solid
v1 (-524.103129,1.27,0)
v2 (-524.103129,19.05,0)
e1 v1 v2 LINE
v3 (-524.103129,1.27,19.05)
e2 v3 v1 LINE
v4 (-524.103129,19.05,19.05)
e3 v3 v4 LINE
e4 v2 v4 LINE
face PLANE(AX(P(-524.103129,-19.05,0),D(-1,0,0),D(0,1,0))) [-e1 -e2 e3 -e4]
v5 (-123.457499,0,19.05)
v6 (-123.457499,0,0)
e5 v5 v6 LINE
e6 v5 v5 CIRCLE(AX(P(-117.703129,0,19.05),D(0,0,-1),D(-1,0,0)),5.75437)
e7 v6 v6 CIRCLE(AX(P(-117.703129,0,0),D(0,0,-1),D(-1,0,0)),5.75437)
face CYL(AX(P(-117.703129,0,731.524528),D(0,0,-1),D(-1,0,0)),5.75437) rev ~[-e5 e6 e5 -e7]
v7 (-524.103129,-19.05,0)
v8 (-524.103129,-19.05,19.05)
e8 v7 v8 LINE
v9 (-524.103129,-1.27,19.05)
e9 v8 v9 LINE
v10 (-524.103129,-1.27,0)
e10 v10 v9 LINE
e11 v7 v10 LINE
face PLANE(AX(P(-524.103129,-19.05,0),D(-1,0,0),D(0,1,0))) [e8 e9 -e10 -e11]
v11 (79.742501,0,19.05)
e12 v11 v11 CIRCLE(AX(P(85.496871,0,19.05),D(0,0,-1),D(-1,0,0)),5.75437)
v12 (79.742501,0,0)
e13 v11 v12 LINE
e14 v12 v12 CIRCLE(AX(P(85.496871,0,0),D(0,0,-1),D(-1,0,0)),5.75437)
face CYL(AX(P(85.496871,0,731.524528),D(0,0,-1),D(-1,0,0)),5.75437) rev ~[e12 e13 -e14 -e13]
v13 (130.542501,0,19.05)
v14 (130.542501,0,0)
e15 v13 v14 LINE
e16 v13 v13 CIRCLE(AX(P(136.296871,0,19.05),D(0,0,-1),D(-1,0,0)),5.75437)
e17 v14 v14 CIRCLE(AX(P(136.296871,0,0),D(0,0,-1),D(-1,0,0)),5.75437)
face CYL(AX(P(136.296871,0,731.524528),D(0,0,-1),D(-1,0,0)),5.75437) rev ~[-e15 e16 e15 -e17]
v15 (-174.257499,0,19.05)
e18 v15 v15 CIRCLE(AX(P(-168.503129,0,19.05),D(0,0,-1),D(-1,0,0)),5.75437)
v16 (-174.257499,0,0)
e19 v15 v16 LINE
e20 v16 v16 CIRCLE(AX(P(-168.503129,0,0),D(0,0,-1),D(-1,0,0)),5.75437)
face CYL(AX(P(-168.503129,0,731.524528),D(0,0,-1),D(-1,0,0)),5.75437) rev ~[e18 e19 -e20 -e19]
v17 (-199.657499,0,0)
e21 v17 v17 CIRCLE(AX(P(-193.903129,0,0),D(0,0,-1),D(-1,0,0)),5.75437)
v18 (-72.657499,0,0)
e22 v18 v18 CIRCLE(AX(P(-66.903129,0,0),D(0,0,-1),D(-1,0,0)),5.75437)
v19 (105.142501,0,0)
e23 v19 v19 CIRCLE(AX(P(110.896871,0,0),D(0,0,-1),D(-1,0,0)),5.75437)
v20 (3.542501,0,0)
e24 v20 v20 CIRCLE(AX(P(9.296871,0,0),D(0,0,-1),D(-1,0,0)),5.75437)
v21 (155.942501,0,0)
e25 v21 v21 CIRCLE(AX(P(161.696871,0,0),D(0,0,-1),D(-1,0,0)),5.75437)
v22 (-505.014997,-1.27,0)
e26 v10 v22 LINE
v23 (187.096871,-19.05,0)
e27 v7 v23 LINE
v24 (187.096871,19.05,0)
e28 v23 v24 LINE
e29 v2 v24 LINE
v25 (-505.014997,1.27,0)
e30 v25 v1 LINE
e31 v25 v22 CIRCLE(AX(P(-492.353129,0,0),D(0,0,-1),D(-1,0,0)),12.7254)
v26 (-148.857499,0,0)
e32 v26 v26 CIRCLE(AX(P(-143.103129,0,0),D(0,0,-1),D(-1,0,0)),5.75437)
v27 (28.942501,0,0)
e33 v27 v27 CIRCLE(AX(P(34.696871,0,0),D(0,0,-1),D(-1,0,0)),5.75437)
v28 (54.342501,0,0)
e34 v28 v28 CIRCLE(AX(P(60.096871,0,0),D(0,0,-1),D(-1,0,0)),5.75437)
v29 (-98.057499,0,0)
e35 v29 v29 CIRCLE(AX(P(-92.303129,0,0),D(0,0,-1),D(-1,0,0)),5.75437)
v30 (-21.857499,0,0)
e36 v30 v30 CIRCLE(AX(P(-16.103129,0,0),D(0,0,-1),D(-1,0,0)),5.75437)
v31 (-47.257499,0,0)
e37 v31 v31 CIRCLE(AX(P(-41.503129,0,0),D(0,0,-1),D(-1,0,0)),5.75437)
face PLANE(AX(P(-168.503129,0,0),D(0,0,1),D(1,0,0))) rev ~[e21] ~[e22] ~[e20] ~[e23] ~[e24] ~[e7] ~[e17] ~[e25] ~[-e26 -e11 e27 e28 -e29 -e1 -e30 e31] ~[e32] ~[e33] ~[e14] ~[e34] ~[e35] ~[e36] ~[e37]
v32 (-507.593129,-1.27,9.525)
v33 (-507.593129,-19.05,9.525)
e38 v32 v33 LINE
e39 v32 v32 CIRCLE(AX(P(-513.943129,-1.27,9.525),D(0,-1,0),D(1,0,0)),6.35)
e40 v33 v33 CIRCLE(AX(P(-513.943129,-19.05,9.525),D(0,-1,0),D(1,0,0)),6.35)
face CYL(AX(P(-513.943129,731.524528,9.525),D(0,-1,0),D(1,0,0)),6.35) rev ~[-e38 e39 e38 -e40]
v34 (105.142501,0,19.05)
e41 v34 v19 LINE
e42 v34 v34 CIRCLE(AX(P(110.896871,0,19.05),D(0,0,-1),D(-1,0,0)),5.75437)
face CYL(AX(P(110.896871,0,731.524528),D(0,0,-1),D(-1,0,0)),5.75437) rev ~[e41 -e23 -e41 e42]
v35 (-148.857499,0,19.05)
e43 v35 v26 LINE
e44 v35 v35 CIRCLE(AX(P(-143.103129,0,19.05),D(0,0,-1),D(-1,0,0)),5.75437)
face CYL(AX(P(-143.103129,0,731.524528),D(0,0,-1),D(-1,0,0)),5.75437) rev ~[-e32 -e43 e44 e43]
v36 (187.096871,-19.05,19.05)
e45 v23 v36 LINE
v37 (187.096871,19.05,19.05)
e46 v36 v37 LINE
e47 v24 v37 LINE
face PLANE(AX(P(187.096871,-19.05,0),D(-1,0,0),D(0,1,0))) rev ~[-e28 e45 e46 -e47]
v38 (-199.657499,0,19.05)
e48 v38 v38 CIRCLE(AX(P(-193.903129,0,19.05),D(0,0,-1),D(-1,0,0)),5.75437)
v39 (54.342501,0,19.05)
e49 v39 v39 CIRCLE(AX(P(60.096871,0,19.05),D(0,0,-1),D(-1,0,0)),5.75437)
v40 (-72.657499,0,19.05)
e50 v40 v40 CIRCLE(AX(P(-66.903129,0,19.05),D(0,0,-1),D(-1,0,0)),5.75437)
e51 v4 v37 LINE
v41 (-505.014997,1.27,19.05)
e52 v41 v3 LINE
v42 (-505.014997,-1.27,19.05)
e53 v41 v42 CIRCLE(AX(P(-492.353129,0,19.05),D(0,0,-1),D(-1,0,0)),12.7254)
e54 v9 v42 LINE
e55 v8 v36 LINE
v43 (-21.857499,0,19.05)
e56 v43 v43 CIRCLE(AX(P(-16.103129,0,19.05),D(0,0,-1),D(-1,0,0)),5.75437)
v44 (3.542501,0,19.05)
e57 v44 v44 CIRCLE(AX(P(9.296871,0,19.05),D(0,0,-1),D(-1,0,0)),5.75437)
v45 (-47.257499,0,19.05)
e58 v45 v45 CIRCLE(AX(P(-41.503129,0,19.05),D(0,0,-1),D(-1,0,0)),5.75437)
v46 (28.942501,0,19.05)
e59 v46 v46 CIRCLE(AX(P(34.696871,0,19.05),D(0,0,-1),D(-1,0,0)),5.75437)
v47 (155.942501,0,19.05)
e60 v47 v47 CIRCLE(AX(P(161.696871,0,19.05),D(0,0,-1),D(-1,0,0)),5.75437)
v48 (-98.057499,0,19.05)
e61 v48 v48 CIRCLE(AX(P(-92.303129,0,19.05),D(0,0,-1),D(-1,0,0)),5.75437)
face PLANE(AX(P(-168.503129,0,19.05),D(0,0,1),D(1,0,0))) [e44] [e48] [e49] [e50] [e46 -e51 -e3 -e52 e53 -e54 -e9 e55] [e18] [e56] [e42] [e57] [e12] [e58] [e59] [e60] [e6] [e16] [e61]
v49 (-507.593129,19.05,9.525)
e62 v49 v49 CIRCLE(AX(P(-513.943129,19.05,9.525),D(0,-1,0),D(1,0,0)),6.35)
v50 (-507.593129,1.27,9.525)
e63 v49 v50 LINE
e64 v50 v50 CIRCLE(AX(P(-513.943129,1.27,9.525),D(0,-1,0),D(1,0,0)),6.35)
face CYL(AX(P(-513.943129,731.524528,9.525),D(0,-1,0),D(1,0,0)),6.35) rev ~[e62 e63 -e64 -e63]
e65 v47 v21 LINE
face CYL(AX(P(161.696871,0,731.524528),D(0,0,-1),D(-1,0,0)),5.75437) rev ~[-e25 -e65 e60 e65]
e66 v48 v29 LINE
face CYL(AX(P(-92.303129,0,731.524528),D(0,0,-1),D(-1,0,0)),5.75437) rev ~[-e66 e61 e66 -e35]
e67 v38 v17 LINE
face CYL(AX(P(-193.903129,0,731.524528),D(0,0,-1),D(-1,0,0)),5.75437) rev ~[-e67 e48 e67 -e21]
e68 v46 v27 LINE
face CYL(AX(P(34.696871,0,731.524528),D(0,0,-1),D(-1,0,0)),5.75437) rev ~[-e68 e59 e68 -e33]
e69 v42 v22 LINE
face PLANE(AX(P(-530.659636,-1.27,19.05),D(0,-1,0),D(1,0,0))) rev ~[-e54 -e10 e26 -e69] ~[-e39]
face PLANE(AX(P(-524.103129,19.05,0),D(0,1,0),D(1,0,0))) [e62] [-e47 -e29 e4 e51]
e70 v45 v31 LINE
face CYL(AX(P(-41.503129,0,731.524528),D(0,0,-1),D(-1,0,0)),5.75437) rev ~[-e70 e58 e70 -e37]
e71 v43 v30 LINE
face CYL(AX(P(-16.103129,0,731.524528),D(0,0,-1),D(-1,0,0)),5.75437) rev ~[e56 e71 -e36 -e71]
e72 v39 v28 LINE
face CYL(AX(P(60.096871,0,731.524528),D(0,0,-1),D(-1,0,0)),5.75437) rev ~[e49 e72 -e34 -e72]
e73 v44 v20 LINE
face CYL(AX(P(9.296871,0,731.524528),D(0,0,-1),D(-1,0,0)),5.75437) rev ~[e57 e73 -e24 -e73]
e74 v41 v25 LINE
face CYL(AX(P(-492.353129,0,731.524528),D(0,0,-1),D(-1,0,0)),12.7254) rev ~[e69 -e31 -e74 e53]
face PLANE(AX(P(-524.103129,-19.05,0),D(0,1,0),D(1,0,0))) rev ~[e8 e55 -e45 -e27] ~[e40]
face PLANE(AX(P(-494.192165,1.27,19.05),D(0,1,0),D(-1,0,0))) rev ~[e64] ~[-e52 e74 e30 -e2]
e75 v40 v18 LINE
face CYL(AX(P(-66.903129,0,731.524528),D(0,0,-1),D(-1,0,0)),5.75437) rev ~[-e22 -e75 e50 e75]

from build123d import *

# Parameters (mm, degrees)
F0_W     = 711.2
F0_H     = 38.1
F1_DEPTH = 19.05
F3_D     = 11.50874
F5_D     = 25.4508
F6_W     = 6.5565072059
F6_H     = 2.54
F7_DEPTH = 19.051
F9_D     = 12.7


with BuildPart() as f1:
    # F0 (on Top) → F1 (new body)
    with BuildSketch(Plane.XY):
        with Locations((-168.5031287369, 0)):
            Rectangle(F0_W, F0_H)
    extrude(amount=F1_DEPTH)

    # F3 (through all)
    with Locations(Plane.XY.offset(19.05)):
        with Locations((-143.1031287369, 0), (-117.7031287369, 0), (-92.3031287369, 0), (-66.9031287369, 0), (-16.1031287369, 0), (-41.5031287369, 0), (9.2968712631, 0), (34.6968712631, 0), (60.0968712631, 0), (85.4968712631, 0), (-168.5031287369, 0), (-193.9031287369, 0), (110.8968712631, 0), (136.2968712631, 0), (161.6968712631, 0)):
            Hole(F3_D / 2)

    # F5 (through all)
    with Locations(Plane.XY.offset(19.05)):
        with Locations((-492.3531287369, 0)):
            Hole(F5_D / 2)

    # F6 (on face) → F7 (cut, through all)
    with BuildSketch(Plane.XY.offset(19.05)):
        with Locations((-527.3813823399, 0)):
            Rectangle(F6_W, F6_H)
        with BuildLine():
            Line((-494.1921649058, 1.27), (-505.0149968913, 1.27))
            ThreePointArc((-505.0149968913, 1.27), (-505.0785287369, 0), (-505.0149968913, -1.27))
            Line((-505.0149968913, -1.27), (-494.1921649058, -1.27))
            Line((-494.1921649058, -1.27), (-494.1921649058, 1.27))
        make_face()
        with BuildLine():
            Line((-505.0149968913, 1.27), (-524.1031287369, 1.27))
            Line((-524.1031287369, 1.27), (-524.1031287369, -1.27))
            Line((-524.1031287369, -1.27), (-505.0149968913, -1.27))
            ThreePointArc((-505.0149968913, -1.27), (-505.0785287369, 0), (-505.0149968913, 1.27))
        make_face()
    extrude(amount=-F7_DEPTH, mode=Mode.SUBTRACT)

    # F9 (through all)
    with Locations(Plane(origin=(0, 19.05, 0), x_dir=(-1, 0, 0), z_dir=(0, 1, 0))):
        with Locations((513.9431287369, 9.525)):
            Hole(F9_D / 2)


solid = f1.part
